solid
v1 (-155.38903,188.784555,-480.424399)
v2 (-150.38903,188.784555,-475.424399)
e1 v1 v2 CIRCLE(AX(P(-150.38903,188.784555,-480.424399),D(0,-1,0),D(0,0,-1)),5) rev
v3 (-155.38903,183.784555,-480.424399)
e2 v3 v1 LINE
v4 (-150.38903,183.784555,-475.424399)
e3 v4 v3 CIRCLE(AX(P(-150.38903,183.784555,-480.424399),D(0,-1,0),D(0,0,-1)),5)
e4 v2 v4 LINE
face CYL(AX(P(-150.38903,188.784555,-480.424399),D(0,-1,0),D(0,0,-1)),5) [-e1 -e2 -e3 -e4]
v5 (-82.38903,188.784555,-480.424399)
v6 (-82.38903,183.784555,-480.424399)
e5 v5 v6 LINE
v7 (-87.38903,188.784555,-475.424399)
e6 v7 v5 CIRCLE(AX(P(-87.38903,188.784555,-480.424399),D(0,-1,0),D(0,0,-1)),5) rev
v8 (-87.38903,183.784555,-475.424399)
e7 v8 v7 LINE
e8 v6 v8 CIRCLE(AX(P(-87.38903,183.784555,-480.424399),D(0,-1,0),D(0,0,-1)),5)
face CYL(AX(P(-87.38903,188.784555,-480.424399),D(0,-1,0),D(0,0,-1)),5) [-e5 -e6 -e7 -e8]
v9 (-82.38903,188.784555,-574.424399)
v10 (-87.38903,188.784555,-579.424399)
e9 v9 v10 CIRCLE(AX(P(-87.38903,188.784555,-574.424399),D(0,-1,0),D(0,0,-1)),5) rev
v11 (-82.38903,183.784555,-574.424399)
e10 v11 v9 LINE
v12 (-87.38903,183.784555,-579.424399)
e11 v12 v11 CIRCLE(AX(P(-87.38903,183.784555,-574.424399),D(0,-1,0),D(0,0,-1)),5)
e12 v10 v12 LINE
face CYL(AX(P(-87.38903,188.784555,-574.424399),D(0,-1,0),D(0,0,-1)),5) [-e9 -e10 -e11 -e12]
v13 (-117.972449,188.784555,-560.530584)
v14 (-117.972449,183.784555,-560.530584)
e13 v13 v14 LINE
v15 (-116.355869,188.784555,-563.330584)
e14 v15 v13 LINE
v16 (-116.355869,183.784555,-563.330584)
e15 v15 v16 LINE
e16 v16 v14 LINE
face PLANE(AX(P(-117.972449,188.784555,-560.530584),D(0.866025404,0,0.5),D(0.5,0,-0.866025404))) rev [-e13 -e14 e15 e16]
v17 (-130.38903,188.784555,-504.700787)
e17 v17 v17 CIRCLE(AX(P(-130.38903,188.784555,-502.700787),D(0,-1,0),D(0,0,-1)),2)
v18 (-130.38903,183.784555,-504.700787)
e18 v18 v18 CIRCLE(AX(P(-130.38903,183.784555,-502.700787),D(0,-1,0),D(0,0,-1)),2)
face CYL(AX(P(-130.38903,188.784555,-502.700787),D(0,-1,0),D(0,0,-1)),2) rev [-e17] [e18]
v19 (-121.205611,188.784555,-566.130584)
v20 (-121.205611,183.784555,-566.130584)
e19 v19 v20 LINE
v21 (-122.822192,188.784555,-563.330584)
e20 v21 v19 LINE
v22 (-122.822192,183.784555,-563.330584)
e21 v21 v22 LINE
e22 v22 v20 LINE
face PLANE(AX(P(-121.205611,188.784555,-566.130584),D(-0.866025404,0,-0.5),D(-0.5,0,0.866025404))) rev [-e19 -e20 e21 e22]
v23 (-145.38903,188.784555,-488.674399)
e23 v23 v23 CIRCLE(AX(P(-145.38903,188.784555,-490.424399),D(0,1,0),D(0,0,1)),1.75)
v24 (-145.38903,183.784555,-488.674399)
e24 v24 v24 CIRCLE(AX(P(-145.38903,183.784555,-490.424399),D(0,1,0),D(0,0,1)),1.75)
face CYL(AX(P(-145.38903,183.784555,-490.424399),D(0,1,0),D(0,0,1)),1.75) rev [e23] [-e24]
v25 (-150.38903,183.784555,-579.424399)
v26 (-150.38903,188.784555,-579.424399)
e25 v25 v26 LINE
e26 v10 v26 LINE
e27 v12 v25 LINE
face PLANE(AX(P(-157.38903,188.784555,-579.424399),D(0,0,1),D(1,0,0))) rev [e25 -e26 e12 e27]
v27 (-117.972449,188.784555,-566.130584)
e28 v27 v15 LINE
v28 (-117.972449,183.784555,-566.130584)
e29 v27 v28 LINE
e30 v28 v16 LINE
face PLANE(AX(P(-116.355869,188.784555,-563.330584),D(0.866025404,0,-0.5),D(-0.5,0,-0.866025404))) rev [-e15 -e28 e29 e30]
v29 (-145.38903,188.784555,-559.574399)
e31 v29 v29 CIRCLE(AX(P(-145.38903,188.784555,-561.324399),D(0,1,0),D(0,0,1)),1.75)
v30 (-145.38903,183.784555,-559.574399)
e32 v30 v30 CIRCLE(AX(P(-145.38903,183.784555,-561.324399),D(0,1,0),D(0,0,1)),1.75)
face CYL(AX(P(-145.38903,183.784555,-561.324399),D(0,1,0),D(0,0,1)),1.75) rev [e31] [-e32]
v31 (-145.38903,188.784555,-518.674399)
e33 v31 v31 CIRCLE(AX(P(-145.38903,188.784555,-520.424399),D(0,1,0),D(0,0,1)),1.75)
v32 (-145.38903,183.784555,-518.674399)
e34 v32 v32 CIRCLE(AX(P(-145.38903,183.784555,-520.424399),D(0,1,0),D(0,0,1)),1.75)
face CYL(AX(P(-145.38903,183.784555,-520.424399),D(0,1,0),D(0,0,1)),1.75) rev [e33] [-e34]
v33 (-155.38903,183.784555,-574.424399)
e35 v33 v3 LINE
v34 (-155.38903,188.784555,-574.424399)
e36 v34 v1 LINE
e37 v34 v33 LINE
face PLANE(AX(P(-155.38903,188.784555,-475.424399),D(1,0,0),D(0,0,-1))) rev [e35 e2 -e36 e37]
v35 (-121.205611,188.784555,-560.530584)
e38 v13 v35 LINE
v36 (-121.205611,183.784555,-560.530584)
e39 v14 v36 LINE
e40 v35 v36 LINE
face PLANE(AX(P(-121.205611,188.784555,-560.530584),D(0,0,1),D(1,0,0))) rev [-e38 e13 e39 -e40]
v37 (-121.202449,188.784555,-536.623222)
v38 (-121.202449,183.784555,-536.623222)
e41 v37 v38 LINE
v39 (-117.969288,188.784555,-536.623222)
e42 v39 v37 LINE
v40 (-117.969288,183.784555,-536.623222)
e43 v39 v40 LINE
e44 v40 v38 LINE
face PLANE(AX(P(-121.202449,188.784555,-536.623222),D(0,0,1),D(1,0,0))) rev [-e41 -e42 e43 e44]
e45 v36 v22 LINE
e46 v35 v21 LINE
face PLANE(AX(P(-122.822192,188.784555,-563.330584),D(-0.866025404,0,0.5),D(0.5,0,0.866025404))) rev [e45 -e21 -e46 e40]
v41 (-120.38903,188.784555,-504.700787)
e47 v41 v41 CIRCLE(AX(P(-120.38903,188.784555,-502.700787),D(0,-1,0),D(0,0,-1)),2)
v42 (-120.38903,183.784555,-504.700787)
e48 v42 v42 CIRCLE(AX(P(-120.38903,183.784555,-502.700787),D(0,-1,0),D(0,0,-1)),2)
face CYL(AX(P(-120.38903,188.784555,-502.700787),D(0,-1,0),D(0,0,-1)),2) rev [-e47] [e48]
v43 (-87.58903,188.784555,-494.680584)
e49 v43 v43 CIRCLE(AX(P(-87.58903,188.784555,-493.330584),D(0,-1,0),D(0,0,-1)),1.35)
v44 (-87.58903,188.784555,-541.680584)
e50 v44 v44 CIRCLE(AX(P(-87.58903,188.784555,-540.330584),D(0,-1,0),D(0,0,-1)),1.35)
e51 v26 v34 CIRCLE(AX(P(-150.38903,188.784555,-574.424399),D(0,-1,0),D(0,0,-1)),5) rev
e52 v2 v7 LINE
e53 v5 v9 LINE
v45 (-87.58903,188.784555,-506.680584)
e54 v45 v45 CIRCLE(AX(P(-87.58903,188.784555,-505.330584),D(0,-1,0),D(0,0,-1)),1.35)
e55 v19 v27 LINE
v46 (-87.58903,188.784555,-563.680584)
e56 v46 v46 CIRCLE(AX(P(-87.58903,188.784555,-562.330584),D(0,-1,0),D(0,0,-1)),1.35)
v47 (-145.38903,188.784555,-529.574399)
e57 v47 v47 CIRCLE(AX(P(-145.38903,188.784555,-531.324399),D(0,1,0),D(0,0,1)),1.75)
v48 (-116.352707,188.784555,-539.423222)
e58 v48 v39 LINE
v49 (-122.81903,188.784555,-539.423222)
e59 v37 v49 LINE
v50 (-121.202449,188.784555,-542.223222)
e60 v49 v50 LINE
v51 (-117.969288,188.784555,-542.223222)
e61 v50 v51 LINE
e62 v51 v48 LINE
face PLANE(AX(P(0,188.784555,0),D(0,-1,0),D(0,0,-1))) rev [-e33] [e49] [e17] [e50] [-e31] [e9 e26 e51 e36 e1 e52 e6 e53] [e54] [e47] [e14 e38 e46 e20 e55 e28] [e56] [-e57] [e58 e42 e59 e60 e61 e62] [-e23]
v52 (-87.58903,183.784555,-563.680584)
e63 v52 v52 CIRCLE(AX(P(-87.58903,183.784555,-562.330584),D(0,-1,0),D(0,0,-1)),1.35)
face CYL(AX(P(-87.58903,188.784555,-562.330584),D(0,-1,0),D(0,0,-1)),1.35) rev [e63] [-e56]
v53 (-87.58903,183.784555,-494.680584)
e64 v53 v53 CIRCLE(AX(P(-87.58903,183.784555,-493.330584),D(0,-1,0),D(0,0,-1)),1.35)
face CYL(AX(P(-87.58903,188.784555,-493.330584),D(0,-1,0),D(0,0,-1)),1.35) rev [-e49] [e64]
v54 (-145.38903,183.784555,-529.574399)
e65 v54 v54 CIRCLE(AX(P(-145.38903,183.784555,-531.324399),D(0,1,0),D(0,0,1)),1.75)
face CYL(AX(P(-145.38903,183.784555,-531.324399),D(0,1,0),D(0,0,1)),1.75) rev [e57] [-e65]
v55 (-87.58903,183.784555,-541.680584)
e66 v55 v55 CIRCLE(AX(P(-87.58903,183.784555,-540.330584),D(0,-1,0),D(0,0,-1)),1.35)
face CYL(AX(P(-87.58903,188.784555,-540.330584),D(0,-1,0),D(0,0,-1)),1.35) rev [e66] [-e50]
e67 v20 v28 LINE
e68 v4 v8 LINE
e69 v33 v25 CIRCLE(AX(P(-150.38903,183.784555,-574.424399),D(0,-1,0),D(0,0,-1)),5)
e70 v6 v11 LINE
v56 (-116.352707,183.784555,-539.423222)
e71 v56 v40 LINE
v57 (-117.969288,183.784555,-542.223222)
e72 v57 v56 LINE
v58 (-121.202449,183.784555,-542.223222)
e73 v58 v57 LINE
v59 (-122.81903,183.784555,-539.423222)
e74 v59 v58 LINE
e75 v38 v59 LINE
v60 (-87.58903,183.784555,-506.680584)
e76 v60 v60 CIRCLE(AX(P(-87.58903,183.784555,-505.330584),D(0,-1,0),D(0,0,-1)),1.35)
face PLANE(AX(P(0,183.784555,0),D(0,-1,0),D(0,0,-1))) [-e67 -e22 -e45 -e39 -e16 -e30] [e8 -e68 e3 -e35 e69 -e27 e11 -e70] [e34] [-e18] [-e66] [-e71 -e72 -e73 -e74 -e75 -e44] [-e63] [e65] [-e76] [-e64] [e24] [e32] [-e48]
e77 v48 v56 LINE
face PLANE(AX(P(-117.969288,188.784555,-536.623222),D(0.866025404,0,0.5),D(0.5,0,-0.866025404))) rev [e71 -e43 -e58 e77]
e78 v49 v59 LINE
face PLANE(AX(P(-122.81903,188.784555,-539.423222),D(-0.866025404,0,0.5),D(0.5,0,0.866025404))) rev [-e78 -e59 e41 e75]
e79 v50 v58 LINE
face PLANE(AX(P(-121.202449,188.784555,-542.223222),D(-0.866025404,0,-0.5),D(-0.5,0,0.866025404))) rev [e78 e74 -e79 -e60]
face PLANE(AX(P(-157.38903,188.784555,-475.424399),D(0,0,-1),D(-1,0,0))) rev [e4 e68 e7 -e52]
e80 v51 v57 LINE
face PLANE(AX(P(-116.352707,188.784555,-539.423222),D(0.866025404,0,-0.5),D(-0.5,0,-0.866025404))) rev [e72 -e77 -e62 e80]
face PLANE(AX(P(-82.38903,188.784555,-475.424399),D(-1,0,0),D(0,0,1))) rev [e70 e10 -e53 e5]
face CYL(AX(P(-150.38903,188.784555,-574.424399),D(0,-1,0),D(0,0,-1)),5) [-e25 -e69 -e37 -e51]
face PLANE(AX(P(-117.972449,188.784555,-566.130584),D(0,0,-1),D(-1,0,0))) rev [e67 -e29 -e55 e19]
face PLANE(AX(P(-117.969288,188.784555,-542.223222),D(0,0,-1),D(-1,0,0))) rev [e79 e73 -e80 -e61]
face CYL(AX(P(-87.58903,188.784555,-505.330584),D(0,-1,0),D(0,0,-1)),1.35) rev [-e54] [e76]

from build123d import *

# Parameters (mm, degrees)
SKETCH1_W           = 75
SKETCH1_H           = 104
BOSS_EXTRUDE1_DEPTH = 5
SKETCH2_R           = 1.75
CUT_EXTRUDE1_DEPTH  = 6
SKETCH3_R           = 1.35
SKETCH3_R_2         = 2
CUT_EXTRUDE2_DEPTH  = 6
SKETCH4_W           = 2
SKETCH4_H           = 104
CUT_EXTRUDE3_DEPTH  = 6
FILLET1_R           = 5


with BuildPart() as part:
    # Sketch1 → Boss-Extrude1 (new body)
    with BuildSketch(Plane(origin=(-157.38903018, 183.784554556, -475.424398782), x_dir=(1, 0, 0), z_dir=(0, 1, 0))):
        with Locations((37.5, 52)):
            Rectangle(SKETCH1_W, SKETCH1_H)
    extrude(amount=BOSS_EXTRUDE1_DEPTH)

    # Sketch2 → Cut-Extrude1 (cut, through all)
    with BuildSketch(Plane(origin=(0, 188.784554556, 0), x_dir=(1, 0, 0), z_dir=(0, 1, 0))):
        with Locations((-145.38903018, 490.424398782)):
            Circle(SKETCH2_R)
        with Locations((-145.38903018, 520.424398782)):
            Circle(SKETCH2_R)
        with Locations((-145.38903018, 531.324398782)):
            Circle(SKETCH2_R)
        with Locations((-145.38903018, 561.324398782)):
            Circle(SKETCH2_R)
    extrude(amount=-CUT_EXTRUDE1_DEPTH, mode=Mode.SUBTRACT)

    # Sketch3 → Cut-Extrude2 (cut, through all)
    with BuildSketch(Plane.XZ.offset(-183.784554556)):
        with Locations((-87.58903018, -493.330584132)):
            Circle(SKETCH3_R)
        with Locations((-87.58903018, -505.330584132)):
            Circle(SKETCH3_R)
        with Locations((-87.58903018, -540.330584132)):
            Circle(SKETCH3_R)
        with Locations((-87.589030179, -562.330584132)):
            Circle(SKETCH3_R)
        with Locations((-130.38903018, -502.700786837)):
            Circle(SKETCH3_R_2)
        with Locations((-120.38903018, -502.700786837)):
            Circle(SKETCH3_R_2)
        Polygon((-116.355868672, -563.330584132), (-117.972449426, -566.130584132), (-121.205610933, -566.130584132), (-122.822191687, -563.330584132), (-121.205610933, -560.530584132), (-117.972449426, -560.530584132), align=None)
        Polygon((-116.352707165, -539.423221972), (-117.969287918, -542.223221972), (-121.202449426, -542.223221972), (-122.81903018, -539.423221972), (-121.202449426, -536.623221972), (-117.969287918, -536.623221972), align=None)
    extrude(amount=-CUT_EXTRUDE2_DEPTH, mode=Mode.SUBTRACT)

    # Sketch4 → Cut-Extrude3 (cut, through all)
    with BuildSketch(Plane.XZ.offset(-183.784554556)):
        with Locations((-156.38903018, -527.424398782)):
            Rectangle(SKETCH4_W, SKETCH4_H)
    extrude(amount=-CUT_EXTRUDE3_DEPTH, mode=Mode.SUBTRACT)

    # Fillet1
    fillet1_edges = [part.edges().sort_by_distance(p)[0] for p in [
        (-155.38903018, 186.284554556, -475.424398782),
        (-155.38903018, 186.284554556, -579.424398782),
        (-82.38903018, 186.284554556, -579.424398782),
        (-82.38903018, 186.284554556, -475.424398782),
    ]]
    fillet(fillet1_edges, radius=FILLET1_R)


solid = part.part
